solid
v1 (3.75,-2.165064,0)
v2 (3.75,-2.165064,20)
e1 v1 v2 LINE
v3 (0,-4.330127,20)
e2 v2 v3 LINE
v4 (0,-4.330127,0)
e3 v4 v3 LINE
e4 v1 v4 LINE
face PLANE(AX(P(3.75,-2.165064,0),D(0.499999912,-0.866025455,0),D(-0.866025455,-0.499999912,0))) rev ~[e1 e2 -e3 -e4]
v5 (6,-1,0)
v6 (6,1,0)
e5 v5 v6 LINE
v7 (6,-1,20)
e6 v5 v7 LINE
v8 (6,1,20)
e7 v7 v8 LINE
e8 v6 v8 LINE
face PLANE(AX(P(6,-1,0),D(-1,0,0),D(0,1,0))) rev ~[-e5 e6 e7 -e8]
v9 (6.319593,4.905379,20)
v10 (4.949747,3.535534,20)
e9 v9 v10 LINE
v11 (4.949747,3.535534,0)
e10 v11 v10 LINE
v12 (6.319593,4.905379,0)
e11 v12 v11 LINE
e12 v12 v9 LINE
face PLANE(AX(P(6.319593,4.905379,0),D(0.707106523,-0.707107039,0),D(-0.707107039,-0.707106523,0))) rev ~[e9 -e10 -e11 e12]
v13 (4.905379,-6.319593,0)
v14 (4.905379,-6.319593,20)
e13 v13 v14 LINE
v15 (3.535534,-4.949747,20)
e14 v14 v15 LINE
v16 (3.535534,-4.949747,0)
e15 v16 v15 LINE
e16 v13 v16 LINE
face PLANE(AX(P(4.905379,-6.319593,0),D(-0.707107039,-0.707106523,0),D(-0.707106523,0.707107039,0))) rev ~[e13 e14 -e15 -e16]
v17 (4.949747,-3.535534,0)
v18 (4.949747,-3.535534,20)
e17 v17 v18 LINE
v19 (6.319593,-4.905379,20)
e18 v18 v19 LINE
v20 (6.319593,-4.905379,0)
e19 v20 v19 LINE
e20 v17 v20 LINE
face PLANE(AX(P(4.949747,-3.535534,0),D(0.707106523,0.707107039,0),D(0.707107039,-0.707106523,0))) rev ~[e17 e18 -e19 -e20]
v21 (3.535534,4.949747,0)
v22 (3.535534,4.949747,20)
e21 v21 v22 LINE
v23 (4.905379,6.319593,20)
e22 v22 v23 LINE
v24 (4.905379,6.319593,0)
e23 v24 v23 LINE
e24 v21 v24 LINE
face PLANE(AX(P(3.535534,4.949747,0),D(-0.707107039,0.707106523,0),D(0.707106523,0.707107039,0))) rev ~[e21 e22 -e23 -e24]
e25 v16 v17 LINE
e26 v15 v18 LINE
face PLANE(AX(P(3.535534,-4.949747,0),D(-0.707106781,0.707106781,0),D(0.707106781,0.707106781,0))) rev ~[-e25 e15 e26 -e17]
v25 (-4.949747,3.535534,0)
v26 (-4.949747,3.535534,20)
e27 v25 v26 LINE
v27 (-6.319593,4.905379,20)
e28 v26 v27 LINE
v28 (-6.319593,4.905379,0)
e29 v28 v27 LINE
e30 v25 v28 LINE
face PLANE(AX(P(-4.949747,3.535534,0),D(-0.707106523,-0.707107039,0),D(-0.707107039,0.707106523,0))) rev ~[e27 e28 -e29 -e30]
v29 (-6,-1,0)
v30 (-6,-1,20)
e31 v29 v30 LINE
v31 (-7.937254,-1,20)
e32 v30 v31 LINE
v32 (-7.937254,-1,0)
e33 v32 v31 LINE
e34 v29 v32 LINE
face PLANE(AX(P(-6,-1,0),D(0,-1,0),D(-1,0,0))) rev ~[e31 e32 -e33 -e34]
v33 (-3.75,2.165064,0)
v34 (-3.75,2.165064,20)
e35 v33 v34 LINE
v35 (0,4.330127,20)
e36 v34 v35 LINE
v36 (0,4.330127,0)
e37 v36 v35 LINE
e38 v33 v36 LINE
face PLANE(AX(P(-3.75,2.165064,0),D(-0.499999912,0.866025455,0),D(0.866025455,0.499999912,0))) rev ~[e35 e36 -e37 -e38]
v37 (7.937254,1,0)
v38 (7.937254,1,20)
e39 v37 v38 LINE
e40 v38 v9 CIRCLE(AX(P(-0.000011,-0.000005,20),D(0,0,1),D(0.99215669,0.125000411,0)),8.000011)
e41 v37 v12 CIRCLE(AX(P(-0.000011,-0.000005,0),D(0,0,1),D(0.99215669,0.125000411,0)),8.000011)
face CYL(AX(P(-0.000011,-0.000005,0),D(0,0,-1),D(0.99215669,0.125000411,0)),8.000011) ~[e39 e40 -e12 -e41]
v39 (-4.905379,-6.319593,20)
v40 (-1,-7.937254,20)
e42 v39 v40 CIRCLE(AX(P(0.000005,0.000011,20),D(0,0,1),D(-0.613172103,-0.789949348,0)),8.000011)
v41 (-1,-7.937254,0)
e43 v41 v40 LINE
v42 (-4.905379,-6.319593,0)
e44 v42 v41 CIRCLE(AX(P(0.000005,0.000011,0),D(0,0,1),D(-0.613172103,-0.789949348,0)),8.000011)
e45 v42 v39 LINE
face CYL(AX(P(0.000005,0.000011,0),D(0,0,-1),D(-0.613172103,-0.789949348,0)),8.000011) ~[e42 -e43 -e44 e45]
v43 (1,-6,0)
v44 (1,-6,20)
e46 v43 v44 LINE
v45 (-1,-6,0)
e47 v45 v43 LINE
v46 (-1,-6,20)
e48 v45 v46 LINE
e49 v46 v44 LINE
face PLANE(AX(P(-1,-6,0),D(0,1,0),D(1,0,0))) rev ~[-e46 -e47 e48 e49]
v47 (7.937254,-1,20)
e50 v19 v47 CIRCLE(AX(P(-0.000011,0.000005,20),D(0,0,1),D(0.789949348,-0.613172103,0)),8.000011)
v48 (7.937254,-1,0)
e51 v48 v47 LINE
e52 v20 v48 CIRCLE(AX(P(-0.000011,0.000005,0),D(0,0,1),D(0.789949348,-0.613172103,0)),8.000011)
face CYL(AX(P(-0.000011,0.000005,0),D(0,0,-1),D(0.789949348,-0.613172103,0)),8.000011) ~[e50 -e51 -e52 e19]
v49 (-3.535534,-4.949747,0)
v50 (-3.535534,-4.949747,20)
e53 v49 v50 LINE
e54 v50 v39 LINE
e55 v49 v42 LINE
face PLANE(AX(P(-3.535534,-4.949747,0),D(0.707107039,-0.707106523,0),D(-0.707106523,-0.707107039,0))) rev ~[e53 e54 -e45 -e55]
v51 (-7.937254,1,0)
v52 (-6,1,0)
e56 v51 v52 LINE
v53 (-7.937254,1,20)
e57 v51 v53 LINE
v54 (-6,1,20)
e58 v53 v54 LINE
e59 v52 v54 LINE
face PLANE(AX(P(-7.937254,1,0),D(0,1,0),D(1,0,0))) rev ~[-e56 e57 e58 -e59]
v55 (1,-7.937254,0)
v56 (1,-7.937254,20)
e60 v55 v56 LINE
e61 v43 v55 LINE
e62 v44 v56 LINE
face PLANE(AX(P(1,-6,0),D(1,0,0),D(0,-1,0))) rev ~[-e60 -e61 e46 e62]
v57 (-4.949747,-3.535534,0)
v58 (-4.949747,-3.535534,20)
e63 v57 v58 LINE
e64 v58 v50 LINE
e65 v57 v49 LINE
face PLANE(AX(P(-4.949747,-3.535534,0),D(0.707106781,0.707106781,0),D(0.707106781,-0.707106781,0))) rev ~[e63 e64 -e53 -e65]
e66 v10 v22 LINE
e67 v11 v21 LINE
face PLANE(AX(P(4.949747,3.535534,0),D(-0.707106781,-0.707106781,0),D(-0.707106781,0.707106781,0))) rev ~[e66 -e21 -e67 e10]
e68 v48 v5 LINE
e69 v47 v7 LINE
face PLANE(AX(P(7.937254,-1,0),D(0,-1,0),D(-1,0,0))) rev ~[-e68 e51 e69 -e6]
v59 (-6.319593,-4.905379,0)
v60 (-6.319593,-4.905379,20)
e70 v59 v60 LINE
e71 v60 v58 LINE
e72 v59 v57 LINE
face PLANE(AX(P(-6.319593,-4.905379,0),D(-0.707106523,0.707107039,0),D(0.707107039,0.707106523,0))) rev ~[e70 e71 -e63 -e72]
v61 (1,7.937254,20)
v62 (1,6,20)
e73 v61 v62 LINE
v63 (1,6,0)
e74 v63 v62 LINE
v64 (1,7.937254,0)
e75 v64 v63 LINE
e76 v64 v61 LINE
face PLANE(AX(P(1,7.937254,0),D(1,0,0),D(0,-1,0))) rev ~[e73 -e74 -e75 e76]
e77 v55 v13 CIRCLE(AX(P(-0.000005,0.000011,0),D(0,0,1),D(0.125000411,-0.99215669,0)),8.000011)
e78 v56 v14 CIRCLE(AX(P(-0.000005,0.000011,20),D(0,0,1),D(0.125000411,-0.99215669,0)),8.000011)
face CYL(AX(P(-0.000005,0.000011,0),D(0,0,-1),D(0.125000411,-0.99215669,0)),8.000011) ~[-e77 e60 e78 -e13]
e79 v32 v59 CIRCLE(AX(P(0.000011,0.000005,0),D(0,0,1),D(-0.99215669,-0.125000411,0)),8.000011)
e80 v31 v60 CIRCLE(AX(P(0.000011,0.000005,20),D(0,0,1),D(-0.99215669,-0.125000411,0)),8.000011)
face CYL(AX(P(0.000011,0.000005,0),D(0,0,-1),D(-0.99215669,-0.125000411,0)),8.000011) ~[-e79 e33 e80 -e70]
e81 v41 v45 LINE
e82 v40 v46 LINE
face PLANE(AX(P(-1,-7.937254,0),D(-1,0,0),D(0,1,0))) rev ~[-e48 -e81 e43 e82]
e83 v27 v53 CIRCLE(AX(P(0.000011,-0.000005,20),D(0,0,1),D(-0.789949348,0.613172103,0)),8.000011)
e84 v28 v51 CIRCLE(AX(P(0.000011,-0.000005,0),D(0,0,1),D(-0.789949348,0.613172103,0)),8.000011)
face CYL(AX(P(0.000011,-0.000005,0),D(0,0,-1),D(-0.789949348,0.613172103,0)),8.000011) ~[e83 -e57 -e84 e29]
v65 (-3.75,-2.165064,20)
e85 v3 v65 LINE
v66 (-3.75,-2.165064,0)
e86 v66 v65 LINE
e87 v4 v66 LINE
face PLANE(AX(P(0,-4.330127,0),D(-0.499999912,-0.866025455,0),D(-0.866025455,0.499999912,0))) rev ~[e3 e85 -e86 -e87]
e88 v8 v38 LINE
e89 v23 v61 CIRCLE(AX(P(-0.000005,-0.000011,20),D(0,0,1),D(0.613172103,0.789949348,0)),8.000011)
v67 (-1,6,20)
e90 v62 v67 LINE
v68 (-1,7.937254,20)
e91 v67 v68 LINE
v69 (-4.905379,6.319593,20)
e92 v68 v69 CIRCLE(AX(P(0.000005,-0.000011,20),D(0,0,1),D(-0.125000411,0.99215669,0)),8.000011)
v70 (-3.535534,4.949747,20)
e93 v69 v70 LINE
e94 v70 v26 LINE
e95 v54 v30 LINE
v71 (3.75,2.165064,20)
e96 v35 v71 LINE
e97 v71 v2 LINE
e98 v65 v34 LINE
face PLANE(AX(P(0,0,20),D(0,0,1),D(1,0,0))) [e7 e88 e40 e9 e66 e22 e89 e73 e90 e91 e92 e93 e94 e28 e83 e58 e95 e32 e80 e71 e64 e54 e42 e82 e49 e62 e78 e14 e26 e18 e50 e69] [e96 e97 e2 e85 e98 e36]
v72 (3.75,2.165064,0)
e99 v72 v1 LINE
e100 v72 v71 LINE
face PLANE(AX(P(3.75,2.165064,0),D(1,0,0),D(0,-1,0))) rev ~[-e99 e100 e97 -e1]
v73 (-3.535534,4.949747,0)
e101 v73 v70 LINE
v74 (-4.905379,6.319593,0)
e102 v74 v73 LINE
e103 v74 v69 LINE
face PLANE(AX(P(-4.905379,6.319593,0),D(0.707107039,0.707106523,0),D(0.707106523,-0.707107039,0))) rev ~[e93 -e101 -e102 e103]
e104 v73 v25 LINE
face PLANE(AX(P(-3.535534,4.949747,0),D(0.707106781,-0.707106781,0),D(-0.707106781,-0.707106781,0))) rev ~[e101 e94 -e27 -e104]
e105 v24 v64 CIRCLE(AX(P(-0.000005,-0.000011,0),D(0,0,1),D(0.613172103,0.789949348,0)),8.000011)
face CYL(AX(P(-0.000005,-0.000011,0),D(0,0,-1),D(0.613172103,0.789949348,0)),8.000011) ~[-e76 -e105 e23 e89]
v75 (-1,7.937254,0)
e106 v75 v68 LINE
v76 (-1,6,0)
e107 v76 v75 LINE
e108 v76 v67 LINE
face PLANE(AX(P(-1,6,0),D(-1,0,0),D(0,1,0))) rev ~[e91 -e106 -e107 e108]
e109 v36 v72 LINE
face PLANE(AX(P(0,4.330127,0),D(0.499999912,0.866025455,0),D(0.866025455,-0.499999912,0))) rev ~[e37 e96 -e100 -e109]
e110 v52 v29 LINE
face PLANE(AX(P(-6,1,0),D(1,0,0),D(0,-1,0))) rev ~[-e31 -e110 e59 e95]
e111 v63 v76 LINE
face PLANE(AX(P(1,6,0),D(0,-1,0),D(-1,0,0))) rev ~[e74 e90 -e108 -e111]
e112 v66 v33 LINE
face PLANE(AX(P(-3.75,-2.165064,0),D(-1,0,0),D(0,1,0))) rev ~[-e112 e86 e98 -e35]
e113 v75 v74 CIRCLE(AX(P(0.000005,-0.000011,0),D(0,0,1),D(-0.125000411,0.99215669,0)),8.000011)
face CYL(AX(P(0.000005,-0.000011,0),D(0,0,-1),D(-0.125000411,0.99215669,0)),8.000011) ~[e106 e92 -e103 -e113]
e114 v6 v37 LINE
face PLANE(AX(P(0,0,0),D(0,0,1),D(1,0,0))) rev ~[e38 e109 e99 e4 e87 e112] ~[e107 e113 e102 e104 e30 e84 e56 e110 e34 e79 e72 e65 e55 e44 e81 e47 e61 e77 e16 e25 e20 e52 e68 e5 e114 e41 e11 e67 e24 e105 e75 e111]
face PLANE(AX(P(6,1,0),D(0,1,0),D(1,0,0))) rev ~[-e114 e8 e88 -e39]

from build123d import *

# Parameters (mm, degrees)
F2_DEPTH = 20


with BuildPart() as f2:
    # F1 (on Top) → F2 (new body)
    with BuildSketch(Plane.XY):
        with BuildLine():
            Line((-1, 6), (-1, 7.937254))
            ThreePointArc((-1, 7.937254), (-3.061467, 7.391036), (-4.905379, 6.319593))
            Line((-4.905379, 6.319593), (-3.535534, 4.949747))
            Line((-3.535534, 4.949747), (-4.949747, 3.535534))
            Line((-4.949747, 3.535534), (-6.319593, 4.905379))
            ThreePointArc((-6.319593, 4.905379), (-7.391036, 3.061467), (-7.937254, 1))
            Line((-7.937254, 1), (-6, 1))
            Line((-6, 1), (-6, -1))
            Line((-6, -1), (-7.937254, -1))
            ThreePointArc((-7.937254, -1), (-7.391036, -3.061467), (-6.319593, -4.905379))
            Line((-6.319593, -4.905379), (-4.949747, -3.535534))
            Line((-4.949747, -3.535534), (-3.535534, -4.949747))
            Line((-3.535534, -4.949747), (-4.905379, -6.319593))
            ThreePointArc((-4.905379, -6.319593), (-3.061467, -7.391036), (-1, -7.937254))
            Line((-1, -7.937254), (-1, -6))
            Line((-1, -6), (1, -6))
            Line((1, -6), (1, -7.937254))
            ThreePointArc((1, -7.937254), (3.061467, -7.391036), (4.905379, -6.319593))
            Line((4.905379, -6.319593), (3.535534, -4.949747))
            Line((3.535534, -4.949747), (4.949747, -3.535534))
            Line((4.949747, -3.535534), (6.319593, -4.905379))
            ThreePointArc((6.319593, -4.905379), (7.391036, -3.061467), (7.937254, -1))
            Line((7.937254, -1), (6, -1))
            Line((6, -1), (6, 1))
            Line((6, 1), (7.937254, 1))
            ThreePointArc((7.937254, 1), (7.391036, 3.061467), (6.319593, 4.905379))
            Line((6.319593, 4.905379), (4.949747, 3.535534))
            Line((4.949747, 3.535534), (3.535534, 4.949747))
            Line((3.535534, 4.949747), (4.905379, 6.319593))
            ThreePointArc((4.905379, 6.319593), (3.061467, 7.391036), (1, 7.937254))
            Line((1, 7.937254), (1, 6))
            Line((1, 6), (-1, 6))
        make_face()
        Polygon((-3.75, 2.165064), (0, 4.330127), (3.75, 2.165064), (3.75, -2.165064), (0, -4.330127), (-3.75, -2.165064), align=None, mode=Mode.SUBTRACT)
    extrude(amount=F2_DEPTH)


solid = f2.part
